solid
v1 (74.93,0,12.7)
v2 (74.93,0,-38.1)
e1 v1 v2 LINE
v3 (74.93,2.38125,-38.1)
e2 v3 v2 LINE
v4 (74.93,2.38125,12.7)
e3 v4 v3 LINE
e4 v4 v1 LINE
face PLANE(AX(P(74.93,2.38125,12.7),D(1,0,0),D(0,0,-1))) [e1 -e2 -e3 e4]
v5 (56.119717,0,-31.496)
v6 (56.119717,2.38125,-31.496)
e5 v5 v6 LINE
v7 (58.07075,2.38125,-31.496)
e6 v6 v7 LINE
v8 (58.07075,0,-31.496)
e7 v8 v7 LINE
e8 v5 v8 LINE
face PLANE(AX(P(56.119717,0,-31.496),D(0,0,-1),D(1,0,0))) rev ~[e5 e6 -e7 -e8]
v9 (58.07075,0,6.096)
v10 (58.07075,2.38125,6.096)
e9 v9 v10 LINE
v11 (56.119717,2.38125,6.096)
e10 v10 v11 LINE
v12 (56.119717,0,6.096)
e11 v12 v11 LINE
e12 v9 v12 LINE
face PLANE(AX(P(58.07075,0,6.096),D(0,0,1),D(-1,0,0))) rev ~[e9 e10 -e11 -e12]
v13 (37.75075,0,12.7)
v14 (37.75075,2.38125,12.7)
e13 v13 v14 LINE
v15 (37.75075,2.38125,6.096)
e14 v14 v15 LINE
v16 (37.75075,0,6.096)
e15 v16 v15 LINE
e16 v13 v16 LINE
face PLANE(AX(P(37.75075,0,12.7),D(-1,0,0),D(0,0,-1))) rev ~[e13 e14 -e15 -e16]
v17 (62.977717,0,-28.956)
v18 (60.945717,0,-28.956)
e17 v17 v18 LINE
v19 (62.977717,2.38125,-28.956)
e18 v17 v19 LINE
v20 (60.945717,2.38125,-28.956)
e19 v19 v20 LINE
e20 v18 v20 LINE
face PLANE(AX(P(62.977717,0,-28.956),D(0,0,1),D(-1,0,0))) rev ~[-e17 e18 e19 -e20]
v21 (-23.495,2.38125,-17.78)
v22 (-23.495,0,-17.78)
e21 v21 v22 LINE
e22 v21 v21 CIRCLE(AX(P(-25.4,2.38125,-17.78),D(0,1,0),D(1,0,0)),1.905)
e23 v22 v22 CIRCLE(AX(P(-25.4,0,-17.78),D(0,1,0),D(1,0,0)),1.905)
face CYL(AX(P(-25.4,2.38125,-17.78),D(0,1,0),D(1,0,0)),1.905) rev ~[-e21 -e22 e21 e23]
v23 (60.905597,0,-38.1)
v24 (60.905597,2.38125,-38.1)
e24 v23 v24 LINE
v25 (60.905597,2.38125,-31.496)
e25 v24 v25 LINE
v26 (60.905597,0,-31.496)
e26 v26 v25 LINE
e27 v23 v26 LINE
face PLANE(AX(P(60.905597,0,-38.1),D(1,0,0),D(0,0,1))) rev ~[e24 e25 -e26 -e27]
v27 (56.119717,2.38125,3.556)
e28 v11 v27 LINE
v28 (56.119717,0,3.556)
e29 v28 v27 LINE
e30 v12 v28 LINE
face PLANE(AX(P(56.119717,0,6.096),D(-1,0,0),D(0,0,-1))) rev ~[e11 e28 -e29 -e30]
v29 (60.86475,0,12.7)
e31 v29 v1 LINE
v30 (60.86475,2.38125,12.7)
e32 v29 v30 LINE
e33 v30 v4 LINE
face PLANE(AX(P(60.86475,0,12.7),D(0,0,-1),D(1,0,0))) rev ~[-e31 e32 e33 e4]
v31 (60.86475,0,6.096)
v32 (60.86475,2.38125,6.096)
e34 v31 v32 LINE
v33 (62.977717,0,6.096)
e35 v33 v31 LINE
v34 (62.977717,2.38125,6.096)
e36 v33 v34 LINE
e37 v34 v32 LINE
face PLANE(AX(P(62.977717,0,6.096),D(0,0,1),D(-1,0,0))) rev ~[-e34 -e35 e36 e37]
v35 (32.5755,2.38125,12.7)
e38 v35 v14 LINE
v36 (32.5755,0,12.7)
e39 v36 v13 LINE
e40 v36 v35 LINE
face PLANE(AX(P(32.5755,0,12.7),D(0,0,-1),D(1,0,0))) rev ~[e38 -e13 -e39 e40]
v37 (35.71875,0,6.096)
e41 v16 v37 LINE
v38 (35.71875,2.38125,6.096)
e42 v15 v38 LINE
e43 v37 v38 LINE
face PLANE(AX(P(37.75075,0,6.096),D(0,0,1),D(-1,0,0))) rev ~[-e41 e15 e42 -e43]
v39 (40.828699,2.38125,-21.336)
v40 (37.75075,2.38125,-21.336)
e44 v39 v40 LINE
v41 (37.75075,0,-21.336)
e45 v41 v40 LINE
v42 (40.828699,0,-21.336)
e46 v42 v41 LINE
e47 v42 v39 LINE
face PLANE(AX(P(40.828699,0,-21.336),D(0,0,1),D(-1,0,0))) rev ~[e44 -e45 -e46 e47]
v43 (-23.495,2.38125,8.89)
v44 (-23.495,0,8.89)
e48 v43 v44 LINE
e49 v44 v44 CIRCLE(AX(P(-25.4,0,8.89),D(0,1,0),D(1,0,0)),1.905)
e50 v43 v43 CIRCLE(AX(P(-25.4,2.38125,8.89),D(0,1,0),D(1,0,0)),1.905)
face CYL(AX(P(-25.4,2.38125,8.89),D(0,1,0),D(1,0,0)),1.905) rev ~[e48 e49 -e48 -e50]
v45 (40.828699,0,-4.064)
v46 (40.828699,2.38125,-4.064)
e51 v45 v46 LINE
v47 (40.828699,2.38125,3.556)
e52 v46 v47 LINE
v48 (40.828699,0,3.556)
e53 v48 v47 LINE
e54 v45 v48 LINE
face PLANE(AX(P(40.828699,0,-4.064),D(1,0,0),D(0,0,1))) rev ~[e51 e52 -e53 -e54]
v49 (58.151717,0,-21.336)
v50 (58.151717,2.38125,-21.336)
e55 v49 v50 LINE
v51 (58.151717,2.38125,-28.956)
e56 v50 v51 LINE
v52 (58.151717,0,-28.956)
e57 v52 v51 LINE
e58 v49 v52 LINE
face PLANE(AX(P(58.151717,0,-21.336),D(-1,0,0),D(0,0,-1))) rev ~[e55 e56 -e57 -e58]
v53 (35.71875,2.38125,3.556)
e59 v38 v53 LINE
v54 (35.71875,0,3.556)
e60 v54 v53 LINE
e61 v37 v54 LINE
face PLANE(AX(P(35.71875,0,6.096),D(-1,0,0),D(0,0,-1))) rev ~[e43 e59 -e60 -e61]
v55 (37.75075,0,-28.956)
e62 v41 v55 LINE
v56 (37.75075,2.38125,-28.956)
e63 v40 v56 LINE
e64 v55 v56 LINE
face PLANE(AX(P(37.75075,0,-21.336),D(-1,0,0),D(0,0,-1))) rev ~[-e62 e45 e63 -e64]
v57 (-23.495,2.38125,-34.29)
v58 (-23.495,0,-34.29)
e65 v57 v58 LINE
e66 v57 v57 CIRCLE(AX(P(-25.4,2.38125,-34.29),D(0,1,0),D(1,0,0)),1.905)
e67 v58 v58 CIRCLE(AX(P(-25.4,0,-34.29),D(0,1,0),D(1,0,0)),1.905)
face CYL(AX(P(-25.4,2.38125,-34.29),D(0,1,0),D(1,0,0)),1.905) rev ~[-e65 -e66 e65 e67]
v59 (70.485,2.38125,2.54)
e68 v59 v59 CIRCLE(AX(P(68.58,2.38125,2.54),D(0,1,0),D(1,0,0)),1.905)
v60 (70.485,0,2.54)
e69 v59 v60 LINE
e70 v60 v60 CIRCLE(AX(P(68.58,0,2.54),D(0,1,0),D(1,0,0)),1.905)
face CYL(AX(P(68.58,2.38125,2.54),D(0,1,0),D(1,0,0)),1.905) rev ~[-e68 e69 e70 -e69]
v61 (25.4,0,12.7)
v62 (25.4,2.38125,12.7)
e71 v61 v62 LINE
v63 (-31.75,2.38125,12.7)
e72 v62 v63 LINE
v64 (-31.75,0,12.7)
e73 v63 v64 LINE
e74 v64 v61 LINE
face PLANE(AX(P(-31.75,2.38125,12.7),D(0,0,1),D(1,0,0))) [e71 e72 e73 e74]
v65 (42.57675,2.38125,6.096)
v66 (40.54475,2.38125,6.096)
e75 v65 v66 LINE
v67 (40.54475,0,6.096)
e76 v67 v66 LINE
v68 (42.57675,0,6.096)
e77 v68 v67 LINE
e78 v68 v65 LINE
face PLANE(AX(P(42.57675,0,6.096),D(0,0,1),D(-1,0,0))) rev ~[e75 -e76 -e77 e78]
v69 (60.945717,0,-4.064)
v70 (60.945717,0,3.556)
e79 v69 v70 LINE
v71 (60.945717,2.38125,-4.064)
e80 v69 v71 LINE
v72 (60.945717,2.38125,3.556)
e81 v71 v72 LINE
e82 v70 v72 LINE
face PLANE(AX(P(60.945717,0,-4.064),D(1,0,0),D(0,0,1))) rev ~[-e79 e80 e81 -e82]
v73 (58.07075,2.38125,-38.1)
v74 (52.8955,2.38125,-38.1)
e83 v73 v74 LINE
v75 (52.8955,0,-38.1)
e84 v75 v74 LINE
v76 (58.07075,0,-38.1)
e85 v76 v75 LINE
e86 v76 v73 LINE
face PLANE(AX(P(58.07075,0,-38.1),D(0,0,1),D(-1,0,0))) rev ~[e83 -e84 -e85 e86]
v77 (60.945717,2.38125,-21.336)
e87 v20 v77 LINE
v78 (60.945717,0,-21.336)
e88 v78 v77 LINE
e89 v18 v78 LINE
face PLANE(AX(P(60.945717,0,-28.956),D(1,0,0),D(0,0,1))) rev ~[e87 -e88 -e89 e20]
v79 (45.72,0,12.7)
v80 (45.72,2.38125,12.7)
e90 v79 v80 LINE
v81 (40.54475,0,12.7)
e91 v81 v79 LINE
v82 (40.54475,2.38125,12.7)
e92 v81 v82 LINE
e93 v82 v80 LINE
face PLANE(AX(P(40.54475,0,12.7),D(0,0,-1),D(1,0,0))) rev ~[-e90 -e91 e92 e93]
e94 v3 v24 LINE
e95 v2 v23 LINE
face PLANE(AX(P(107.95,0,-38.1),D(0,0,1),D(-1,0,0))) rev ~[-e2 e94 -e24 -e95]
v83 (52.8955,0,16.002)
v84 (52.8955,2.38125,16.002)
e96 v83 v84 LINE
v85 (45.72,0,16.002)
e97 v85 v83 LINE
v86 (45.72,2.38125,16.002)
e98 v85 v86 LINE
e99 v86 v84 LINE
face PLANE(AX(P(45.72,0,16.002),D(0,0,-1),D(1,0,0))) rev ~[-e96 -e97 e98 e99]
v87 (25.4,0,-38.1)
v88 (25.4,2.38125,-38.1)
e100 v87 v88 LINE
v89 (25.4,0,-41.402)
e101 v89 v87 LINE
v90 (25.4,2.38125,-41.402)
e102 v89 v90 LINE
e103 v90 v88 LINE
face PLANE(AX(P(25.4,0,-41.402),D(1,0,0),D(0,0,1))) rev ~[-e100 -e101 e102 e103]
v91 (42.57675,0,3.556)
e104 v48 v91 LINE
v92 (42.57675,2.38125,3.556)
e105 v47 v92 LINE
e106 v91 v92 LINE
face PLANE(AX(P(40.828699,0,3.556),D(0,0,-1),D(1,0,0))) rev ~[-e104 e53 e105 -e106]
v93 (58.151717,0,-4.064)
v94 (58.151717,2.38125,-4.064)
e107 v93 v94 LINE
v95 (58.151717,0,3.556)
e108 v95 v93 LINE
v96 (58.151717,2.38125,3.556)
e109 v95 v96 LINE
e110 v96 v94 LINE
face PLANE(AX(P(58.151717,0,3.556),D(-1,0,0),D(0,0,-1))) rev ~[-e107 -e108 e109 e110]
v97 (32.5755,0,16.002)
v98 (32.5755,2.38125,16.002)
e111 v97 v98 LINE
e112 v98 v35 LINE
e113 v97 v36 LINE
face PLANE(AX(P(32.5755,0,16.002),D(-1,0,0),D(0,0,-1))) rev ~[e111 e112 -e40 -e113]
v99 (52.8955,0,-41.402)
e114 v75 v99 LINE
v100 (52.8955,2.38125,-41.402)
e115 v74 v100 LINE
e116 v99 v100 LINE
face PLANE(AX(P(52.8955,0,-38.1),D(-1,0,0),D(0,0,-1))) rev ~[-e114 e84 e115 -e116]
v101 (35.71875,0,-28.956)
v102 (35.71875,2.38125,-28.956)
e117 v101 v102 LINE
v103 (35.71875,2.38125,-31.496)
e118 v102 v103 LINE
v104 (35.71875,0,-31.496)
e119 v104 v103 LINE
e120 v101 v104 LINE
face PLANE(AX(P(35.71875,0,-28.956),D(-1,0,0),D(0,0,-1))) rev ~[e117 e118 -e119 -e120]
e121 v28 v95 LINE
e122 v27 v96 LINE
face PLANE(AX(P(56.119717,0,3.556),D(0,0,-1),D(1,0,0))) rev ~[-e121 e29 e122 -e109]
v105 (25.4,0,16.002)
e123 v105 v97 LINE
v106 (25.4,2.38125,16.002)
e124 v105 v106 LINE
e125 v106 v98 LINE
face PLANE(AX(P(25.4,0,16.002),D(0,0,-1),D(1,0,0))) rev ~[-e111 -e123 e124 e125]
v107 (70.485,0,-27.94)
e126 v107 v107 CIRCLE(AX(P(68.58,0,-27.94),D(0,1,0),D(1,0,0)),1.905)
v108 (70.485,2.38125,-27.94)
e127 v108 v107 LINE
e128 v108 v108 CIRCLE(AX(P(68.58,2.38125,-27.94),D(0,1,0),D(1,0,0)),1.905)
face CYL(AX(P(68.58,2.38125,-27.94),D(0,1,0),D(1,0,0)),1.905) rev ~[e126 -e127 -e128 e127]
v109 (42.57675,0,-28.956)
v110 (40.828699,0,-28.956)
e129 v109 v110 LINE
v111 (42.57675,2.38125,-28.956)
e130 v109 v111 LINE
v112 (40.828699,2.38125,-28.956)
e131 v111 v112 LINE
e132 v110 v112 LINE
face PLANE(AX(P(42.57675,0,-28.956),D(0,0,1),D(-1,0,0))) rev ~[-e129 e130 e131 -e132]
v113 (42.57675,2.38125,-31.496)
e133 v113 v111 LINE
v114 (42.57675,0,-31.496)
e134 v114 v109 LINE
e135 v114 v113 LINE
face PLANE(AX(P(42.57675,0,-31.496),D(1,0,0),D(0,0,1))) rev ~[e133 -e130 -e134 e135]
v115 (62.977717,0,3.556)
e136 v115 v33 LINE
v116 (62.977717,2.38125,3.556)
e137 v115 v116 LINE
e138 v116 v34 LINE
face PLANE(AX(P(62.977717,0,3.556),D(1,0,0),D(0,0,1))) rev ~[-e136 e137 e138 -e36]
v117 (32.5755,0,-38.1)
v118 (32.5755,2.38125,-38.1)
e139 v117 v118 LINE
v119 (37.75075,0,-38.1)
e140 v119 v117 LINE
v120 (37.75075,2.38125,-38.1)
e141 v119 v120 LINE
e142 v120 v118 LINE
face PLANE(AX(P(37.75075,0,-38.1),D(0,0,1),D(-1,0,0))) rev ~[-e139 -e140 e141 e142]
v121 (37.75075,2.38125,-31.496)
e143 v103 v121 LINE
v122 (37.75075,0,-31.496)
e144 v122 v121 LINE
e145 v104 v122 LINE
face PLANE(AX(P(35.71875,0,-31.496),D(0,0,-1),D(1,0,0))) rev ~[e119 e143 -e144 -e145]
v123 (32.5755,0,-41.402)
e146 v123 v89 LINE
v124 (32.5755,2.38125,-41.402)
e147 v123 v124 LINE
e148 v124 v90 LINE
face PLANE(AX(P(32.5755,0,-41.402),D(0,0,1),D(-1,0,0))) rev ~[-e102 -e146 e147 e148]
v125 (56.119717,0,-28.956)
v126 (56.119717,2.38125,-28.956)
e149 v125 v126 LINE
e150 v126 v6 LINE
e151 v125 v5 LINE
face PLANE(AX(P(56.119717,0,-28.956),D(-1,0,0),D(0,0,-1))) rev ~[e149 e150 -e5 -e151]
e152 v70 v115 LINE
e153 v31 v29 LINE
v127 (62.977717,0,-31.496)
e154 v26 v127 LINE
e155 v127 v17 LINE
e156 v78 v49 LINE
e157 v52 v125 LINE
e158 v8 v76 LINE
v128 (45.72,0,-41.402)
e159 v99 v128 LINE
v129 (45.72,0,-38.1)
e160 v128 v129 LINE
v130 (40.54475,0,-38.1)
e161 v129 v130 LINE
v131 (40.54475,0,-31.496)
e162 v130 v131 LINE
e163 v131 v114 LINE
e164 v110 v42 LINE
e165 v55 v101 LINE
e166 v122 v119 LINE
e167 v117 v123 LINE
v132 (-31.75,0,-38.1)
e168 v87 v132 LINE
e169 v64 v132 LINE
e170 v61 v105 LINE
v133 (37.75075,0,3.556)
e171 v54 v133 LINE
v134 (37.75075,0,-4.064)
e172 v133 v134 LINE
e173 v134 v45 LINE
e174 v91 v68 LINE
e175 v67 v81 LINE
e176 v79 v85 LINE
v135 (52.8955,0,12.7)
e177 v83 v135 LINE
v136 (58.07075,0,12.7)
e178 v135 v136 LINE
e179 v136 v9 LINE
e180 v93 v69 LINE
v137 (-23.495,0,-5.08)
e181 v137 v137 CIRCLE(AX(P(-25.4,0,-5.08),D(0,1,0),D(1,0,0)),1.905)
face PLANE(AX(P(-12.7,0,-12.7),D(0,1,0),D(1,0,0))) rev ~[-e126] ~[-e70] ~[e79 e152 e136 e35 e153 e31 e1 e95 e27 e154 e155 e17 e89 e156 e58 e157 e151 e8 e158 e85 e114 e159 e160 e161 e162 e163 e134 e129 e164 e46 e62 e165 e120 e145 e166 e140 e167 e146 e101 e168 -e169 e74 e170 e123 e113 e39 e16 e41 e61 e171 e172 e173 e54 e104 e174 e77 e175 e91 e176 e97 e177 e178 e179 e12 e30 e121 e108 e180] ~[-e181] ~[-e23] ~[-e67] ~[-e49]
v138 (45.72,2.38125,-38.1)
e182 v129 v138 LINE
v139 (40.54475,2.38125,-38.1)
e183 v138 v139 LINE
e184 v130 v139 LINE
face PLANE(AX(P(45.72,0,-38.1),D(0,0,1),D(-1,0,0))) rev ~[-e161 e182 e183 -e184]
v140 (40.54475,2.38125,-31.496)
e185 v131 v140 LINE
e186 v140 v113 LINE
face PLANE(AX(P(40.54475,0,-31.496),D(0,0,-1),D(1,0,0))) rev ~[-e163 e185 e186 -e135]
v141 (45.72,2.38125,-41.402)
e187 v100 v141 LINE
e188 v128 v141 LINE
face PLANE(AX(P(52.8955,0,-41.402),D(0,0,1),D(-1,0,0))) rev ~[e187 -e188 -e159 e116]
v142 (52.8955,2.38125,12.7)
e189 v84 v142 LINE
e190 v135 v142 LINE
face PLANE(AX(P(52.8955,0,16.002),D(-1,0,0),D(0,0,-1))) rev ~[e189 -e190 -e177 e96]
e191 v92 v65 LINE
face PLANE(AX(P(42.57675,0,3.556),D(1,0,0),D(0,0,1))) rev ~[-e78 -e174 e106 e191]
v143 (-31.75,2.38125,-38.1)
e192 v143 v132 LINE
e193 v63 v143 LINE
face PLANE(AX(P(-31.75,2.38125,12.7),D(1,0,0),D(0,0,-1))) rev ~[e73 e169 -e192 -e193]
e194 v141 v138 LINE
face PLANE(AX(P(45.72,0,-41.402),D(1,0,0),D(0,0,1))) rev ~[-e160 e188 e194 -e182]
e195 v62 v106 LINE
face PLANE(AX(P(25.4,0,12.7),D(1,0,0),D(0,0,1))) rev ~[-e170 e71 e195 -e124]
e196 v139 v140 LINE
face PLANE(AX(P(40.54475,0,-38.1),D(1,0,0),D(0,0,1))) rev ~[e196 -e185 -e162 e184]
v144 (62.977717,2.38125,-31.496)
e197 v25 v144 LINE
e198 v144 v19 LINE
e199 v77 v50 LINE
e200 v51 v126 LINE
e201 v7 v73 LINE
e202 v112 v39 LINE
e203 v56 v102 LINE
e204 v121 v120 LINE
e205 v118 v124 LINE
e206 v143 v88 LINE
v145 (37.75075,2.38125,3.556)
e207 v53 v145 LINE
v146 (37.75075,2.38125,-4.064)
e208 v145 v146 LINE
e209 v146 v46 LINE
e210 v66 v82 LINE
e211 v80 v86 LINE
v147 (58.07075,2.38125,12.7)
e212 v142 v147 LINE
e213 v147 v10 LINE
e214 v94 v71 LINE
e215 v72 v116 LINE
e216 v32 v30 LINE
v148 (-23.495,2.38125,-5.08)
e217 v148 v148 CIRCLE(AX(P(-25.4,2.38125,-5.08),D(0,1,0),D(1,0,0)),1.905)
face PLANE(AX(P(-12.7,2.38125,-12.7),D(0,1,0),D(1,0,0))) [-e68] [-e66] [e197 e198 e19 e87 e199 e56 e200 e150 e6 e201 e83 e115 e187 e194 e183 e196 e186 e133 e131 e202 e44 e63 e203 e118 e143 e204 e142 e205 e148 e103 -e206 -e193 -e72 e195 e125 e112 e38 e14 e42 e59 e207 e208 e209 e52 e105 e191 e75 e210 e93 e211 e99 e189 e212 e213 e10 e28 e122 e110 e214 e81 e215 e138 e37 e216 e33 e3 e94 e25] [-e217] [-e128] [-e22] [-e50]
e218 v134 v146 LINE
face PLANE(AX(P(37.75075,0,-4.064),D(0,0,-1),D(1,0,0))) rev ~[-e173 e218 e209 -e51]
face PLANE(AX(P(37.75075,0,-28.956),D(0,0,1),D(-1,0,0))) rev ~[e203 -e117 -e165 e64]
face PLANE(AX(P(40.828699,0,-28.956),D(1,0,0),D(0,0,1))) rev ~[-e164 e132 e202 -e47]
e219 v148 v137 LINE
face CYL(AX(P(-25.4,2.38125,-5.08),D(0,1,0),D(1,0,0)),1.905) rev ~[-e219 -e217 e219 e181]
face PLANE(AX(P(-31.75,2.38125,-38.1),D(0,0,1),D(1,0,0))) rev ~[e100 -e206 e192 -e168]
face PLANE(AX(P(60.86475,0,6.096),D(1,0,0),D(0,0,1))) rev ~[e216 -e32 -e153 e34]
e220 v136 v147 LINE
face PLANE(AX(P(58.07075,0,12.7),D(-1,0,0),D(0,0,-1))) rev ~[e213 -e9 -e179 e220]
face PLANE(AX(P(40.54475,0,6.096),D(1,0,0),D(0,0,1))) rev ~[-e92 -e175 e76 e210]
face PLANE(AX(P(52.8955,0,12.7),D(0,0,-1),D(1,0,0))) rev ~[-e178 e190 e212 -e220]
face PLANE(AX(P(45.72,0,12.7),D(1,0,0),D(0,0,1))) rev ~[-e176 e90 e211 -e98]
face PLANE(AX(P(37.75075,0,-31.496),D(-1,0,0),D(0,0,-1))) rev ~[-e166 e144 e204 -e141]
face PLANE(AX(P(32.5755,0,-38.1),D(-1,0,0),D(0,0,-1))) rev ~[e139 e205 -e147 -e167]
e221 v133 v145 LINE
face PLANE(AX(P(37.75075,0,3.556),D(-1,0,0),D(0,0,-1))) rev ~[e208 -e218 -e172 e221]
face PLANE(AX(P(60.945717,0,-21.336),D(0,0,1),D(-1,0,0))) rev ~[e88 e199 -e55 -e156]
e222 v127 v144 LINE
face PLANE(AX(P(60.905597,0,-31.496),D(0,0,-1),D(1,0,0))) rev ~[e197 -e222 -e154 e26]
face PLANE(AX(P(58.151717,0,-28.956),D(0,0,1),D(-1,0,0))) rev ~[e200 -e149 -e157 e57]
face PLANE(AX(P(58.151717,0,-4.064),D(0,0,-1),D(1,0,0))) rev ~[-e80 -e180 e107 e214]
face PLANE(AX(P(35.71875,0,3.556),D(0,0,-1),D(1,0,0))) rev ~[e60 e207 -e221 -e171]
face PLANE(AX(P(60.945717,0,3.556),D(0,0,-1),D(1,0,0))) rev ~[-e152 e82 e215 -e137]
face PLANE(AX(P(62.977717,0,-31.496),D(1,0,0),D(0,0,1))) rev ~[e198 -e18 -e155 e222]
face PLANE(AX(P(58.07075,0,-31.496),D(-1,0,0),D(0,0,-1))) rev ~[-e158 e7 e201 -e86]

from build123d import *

# Parameters (mm, degrees)
BOSS_EXTRUDE1_DEPTH = 2.38125
SKETCH3_W           = 38.1
SKETCH3_H           = 50.8
SKETCH3_R           = 1.905
BOSS_EXTRUDE4_DEPTH = 2.38125
SKETCH7_W           = 33.02
SKETCH7_H           = 50.8
CUT_EXTRUDE3_DEPTH  = 3.38125
SKETCH8_R           = 1.905
CUT_EXTRUDE4_DEPTH  = 3.38125


with BuildPart() as part:
    # Sketch1 → Boss-Extrude1 (new body)
    with BuildSketch(Plane(origin=(0, 0, 0), x_dir=(1, 0, 0), z_dir=(0, 1, 0))):
        Polygon((107.95, -12.7), (107.95, 0), (107.95, 38.1), (60.905597294, 38.1), (60.905597294, 31.496), (62.977716984, 31.496), (62.977716984, 28.956), (60.945716984, 28.956), (60.945716984, 21.336), (58.151716984, 21.336), (58.151716984, 28.956), (56.119716984, 28.956), (56.119716984, 31.496), (58.07075, 31.496), (58.07075, 38.1), (52.8955, 38.1), (52.8955, 41.402), (45.72, 41.402), (45.72, 38.1), (40.54475, 38.1), (40.54475, 31.496), (42.57675, 31.496), (42.57675, 28.956), (40.82869895, 28.956), (40.82869895, 21.336), (37.75075, 21.336), (37.75075, 28.956), (35.71875, 28.956), (35.71875, 31.496), (37.75075, 31.496), (37.75075, 38.1), (32.5755, 38.1), (32.5755, 41.402), (25.4, 41.402), (25.4, 38.1), (6.35, 38.1), (6.35, -12.7), (25.4, -12.7), (25.4, -16.002), (32.5755, -16.002), (32.5755, -12.7), (37.75075, -12.7), (37.75075, -6.096), (35.71875, -6.096), (35.71875, -3.556), (37.75075, -3.556), (37.75075, 4.064), (40.82869895, 4.064), (40.82869895, -3.556), (42.57675, -3.556), (42.57675, -6.096), (40.54475, -6.096), (40.54475, -12.7), (45.72, -12.7), (45.72, -16.002), (52.8955, -16.002), (52.8955, -12.7), (58.07075, -12.7), (58.07075, -6.096), (56.119716984, -6.096), (56.119716984, -3.556), (58.151716984, -3.556), (58.151716984, 4.064), (60.945716984, 4.064), (60.945716984, -3.556), (62.977716984, -3.556), (62.977716984, -6.096), (60.86475, -6.096), (60.86475, -12.7), (66.04, -12.7), (73.2155, -12.7), (78.035770588, -12.7), (80.829770588, -12.7), align=None)
    extrude(amount=BOSS_EXTRUDE1_DEPTH)

    # Sketch3 → Boss-Extrude4 (add)
    with BuildSketch(Plane(origin=(0, 2.38125, 0), x_dir=(1, 0, 0), z_dir=(0, 1, 0))):
        with Locations((-12.7, 12.7)):
            Rectangle(SKETCH3_W, SKETCH3_H)
        with Locations((-25.4, -8.89)):
            Circle(SKETCH3_R, mode=Mode.SUBTRACT)
        with Locations((-25.4, 5.08)):
            Circle(SKETCH3_R, mode=Mode.SUBTRACT)
        with Locations((-25.4, 17.78)):
            Circle(SKETCH3_R, mode=Mode.SUBTRACT)
        with Locations((-25.4, 34.29)):
            Circle(SKETCH3_R, mode=Mode.SUBTRACT)
    extrude(amount=-BOSS_EXTRUDE4_DEPTH)

    # Sketch7 → Cut-Extrude3 (cut, through all)
    with BuildSketch(Plane(origin=(0, 2.38125, 0), x_dir=(1, 0, 0), z_dir=(0, 1, 0))):
        with Locations((91.44, 12.7)):
            Rectangle(SKETCH7_W, SKETCH7_H)
    extrude(amount=-CUT_EXTRUDE3_DEPTH, mode=Mode.SUBTRACT)

    # Sketch8 → Cut-Extrude4 (cut, through all)
    with BuildSketch(Plane(origin=(0, 2.38125, 0), x_dir=(1, 0, 0), z_dir=(0, 1, 0))):
        with Locations((68.58, -2.54)):
            Circle(SKETCH8_R)
        with Locations((68.58, 27.94)):
            Circle(SKETCH8_R)
    extrude(amount=-CUT_EXTRUDE4_DEPTH, mode=Mode.SUBTRACT)


solid = part.part
